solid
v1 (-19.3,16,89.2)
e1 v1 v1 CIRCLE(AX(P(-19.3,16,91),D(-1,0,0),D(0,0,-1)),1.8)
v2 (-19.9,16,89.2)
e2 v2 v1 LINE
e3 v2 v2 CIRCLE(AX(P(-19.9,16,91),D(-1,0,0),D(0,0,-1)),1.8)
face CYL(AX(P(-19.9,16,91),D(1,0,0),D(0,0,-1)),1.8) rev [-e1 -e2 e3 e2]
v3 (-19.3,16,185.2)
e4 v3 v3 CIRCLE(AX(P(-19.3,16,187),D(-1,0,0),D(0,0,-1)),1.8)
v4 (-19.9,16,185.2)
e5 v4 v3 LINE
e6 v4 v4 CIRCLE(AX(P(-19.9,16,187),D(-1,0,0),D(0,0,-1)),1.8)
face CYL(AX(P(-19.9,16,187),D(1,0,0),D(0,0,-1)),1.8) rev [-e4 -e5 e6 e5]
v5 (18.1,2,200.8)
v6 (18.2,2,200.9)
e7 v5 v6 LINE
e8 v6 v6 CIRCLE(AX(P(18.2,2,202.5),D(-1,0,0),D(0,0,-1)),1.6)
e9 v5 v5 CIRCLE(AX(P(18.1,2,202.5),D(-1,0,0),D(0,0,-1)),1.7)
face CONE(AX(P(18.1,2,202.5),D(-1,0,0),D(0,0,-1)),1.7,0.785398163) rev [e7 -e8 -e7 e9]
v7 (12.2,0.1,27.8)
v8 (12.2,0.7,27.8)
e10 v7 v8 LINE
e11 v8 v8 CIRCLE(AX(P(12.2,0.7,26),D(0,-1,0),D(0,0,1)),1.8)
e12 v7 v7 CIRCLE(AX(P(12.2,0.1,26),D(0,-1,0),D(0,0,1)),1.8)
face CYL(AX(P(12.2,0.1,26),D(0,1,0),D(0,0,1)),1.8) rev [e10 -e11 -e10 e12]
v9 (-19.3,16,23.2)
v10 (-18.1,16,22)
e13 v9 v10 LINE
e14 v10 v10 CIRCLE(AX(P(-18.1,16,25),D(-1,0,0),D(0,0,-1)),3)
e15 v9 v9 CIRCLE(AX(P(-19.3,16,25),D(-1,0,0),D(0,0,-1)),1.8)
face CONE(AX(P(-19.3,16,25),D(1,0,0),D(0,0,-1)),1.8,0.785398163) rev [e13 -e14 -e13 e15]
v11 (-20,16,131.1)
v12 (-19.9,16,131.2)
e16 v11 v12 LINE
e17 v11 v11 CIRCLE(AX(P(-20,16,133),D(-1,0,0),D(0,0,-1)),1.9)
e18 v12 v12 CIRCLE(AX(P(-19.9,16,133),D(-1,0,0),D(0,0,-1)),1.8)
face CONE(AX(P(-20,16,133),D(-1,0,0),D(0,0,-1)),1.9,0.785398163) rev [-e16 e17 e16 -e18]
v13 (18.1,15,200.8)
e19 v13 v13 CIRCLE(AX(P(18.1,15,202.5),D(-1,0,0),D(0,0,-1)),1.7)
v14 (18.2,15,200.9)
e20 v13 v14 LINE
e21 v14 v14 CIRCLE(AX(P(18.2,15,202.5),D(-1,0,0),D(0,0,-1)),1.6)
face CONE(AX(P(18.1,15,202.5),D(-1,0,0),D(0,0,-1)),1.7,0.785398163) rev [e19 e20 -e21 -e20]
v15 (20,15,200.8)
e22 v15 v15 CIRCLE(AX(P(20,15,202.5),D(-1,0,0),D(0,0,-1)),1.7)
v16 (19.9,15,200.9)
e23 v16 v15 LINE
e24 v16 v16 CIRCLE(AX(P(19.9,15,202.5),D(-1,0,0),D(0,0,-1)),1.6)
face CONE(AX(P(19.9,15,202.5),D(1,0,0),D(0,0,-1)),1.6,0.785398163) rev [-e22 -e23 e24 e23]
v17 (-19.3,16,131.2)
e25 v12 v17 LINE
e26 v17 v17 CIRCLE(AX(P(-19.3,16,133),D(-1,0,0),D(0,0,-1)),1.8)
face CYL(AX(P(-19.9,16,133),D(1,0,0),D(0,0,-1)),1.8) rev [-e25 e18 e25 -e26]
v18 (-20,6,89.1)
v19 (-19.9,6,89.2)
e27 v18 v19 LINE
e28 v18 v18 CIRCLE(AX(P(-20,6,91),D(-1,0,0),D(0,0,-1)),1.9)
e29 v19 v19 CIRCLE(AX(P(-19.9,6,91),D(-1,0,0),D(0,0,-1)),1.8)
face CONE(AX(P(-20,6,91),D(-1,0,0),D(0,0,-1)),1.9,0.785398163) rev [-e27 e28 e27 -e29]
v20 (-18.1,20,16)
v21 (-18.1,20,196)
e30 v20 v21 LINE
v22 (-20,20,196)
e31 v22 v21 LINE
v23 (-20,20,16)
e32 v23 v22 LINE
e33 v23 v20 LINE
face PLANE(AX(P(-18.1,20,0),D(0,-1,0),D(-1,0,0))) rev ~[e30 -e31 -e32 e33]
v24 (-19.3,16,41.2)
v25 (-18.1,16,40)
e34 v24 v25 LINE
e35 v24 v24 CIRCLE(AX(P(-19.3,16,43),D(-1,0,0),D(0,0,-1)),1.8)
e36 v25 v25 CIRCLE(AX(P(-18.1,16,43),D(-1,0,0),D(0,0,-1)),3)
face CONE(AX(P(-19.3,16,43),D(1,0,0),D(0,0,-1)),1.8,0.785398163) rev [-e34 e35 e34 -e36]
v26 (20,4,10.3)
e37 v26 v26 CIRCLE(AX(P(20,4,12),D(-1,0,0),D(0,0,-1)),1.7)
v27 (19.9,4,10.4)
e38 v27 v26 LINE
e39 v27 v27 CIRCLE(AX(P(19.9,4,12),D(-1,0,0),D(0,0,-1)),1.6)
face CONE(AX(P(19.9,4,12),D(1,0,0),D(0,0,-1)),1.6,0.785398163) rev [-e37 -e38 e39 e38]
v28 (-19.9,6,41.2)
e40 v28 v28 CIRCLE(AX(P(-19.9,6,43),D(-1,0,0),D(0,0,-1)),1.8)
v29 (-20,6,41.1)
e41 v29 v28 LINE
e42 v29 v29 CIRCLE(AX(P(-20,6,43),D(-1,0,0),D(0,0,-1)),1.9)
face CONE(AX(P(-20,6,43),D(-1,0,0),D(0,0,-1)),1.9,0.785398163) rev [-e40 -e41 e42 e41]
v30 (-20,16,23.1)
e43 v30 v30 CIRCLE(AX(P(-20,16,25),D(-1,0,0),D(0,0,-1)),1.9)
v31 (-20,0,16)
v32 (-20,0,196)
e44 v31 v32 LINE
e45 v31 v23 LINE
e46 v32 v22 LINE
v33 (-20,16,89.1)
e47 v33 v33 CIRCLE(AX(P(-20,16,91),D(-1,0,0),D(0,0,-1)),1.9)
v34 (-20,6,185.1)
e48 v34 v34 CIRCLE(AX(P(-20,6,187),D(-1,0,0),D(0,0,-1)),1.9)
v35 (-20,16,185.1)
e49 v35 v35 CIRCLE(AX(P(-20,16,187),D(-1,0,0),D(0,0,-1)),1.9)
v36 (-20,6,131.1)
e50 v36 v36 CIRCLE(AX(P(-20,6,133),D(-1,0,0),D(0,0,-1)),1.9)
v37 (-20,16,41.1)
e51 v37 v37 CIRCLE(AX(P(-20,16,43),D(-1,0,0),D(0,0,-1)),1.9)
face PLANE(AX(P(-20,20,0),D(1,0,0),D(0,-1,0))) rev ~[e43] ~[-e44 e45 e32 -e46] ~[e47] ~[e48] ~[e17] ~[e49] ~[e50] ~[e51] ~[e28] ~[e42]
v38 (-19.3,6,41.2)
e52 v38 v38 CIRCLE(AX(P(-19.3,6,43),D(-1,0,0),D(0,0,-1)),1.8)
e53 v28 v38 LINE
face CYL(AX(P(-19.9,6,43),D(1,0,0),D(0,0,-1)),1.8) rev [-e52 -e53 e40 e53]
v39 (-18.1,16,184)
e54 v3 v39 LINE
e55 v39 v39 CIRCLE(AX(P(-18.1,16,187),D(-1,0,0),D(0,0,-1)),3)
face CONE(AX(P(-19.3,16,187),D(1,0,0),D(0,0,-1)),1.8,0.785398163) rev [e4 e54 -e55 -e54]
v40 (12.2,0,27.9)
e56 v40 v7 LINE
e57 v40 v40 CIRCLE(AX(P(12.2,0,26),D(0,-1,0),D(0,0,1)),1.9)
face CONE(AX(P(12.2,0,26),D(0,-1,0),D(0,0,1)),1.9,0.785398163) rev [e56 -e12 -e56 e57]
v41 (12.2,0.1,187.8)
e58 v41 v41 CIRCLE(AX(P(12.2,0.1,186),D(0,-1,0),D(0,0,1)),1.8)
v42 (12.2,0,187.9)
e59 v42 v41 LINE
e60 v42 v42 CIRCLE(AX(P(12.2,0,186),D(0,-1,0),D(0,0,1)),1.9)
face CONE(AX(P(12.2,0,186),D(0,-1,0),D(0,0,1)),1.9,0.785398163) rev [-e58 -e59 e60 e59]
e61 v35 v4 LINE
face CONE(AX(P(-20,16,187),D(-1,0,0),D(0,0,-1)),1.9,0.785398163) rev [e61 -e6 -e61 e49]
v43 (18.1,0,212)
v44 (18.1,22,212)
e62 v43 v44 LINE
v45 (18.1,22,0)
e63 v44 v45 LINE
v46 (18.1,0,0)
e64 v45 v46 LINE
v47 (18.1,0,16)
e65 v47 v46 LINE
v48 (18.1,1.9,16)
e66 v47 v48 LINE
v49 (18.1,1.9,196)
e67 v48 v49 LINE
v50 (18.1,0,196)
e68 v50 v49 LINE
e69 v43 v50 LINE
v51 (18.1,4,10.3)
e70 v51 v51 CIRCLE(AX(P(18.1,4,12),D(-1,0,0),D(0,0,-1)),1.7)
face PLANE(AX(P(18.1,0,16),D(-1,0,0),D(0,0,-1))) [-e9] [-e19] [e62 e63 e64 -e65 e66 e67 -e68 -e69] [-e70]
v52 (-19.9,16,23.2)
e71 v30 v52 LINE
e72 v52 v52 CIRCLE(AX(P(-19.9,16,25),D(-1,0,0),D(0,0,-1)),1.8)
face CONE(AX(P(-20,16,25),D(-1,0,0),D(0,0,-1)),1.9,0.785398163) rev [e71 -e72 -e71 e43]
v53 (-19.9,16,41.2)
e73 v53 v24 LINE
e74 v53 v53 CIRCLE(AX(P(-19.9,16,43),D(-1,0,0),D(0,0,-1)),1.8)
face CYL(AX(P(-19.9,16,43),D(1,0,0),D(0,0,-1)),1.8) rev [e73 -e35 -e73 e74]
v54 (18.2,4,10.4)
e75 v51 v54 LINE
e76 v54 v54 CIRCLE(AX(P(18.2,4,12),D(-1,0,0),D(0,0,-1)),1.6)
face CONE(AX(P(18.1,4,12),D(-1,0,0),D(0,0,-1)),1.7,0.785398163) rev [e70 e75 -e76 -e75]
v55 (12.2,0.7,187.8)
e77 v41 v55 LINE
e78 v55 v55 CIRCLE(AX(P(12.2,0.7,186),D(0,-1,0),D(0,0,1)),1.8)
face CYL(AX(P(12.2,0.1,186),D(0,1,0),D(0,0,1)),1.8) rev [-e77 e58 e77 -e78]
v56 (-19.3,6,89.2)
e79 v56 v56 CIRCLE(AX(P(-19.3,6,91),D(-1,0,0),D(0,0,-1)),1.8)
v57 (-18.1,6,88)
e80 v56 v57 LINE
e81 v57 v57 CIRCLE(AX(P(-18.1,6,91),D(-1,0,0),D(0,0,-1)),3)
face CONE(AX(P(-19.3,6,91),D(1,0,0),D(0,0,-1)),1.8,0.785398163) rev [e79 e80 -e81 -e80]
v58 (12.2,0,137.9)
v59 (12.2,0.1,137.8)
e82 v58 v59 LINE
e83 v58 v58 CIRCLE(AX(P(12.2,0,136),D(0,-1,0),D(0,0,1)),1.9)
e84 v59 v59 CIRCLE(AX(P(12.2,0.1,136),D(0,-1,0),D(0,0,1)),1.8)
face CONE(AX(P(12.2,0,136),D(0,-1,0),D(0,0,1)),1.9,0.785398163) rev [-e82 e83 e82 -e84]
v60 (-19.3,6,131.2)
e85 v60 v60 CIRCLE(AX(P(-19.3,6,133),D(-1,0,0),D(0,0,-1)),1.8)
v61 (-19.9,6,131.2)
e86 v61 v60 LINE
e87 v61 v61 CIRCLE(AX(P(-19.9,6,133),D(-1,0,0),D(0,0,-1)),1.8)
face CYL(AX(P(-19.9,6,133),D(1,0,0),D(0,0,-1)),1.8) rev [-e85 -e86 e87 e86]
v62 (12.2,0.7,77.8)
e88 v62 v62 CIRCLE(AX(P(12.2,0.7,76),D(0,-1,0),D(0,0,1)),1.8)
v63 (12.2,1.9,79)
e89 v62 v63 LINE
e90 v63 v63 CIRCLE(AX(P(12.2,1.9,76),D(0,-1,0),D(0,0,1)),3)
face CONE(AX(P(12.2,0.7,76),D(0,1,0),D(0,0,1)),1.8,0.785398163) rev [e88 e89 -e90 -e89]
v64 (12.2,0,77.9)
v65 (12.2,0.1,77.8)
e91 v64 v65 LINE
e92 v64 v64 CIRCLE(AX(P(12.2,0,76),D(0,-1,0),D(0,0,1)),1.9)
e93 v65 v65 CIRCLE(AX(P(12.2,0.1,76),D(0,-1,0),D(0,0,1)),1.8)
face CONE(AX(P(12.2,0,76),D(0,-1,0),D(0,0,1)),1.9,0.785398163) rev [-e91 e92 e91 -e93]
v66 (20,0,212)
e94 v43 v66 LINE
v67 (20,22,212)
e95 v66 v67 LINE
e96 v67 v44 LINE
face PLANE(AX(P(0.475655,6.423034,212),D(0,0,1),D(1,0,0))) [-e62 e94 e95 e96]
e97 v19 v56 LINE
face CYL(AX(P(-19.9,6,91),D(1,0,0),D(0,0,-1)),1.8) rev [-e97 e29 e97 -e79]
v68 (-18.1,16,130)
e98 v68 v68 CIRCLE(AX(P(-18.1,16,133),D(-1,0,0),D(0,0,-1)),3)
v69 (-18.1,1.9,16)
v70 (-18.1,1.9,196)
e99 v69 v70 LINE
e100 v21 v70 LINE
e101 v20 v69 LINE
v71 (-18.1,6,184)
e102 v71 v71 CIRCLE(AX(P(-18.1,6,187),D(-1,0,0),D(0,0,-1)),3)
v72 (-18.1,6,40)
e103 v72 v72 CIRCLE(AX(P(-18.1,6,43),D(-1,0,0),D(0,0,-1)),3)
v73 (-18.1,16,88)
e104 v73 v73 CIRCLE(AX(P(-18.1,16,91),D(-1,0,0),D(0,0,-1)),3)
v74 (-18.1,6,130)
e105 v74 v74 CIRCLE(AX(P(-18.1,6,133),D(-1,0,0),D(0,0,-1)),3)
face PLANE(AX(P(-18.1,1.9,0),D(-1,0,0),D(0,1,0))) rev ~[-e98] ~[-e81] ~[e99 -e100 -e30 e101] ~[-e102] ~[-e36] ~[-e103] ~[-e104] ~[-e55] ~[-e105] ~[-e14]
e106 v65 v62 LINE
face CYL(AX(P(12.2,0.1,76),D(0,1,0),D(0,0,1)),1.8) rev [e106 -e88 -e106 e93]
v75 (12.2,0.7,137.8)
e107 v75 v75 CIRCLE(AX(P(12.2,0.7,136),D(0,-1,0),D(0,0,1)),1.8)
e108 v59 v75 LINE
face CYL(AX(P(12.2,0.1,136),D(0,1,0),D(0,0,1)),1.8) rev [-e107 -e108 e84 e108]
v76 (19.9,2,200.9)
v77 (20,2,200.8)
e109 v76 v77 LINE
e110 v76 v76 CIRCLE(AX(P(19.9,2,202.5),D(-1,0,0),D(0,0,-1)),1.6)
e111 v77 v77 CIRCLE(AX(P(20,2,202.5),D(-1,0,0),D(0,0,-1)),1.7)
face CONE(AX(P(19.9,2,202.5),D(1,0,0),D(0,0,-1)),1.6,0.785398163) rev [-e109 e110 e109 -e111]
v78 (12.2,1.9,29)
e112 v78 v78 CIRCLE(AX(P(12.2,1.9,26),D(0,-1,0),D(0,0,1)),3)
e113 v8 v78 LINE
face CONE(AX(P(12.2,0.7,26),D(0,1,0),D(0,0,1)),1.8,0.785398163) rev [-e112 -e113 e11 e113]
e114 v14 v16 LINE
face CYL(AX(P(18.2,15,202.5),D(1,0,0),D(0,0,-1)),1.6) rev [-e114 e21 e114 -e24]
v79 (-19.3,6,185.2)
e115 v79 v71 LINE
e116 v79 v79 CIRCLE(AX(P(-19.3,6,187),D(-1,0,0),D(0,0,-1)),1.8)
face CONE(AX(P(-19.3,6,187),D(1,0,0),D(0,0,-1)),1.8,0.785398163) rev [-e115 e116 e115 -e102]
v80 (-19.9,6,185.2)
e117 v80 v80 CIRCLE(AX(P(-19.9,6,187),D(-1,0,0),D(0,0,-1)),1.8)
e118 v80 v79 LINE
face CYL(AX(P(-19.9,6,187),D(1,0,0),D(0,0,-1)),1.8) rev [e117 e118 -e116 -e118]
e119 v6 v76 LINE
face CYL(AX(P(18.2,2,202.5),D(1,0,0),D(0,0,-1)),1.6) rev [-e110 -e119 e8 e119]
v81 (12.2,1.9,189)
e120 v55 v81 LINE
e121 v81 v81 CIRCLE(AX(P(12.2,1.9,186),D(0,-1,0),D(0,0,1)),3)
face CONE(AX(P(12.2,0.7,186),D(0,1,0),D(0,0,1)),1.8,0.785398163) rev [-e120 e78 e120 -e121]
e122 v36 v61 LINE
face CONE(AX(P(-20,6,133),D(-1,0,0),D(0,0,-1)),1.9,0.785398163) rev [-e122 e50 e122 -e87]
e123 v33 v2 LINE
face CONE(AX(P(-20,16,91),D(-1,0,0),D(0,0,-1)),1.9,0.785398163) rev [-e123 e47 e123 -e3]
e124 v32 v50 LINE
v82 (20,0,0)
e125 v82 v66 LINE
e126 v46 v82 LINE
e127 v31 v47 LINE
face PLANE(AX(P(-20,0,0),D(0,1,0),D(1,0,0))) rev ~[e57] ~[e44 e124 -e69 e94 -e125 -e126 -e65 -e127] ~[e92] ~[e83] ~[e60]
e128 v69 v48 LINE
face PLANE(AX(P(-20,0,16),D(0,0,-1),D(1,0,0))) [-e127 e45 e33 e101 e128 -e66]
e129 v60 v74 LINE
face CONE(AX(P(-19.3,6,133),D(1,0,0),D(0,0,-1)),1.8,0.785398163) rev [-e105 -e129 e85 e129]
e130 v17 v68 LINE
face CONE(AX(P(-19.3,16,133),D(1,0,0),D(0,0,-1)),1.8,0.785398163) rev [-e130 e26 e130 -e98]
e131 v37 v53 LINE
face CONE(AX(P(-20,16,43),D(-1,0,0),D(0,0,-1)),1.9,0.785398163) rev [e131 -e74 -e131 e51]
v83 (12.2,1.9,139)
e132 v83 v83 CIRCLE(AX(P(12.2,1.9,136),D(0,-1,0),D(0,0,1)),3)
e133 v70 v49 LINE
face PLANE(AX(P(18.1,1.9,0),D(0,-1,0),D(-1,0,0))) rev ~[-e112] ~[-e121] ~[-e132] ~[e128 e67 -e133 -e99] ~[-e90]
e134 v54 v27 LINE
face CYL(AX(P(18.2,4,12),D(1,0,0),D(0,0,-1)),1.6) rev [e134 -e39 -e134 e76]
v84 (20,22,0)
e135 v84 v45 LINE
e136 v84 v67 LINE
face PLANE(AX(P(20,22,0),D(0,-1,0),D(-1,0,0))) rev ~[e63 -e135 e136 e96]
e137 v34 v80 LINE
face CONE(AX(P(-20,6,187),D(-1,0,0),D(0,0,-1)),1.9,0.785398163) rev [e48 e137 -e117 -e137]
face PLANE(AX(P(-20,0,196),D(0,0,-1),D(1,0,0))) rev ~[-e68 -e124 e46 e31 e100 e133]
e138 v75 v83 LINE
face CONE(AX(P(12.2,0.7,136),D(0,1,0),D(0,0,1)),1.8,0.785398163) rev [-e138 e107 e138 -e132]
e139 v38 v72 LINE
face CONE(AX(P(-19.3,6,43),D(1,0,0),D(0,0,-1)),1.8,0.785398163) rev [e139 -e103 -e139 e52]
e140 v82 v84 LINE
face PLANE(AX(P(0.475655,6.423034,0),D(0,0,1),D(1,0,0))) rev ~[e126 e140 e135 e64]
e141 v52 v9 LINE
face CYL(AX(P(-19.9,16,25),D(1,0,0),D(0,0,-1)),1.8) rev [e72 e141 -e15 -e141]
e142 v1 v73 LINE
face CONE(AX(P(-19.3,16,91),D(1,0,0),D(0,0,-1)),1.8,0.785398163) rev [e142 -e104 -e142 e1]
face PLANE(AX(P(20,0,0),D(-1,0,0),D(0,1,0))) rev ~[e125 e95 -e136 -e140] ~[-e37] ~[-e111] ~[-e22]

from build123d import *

# Parameters (mm, degrees)
EXTRUDE_1_DEPTH              = 212
SKETCH_2_W                   = 38.1
SKETCH_2_H                   = 16
CUT_EXTRUDE_1_DEPTH          = 23
HOLE_WIZARD_M31_AT_2_COUNT   = 2
HOLE_WIZARD_M31_AT_2_PITCH   = 48
HOLE_WIZARD_M31_AT_3_COUNT   = 2
HOLE_WIZARD_M31_AT_3_PITCH   = 66.753277073
HOLE_WIZARD_M31_AT_4_COUNT   = 2
HOLE_WIZARD_M31_AT_4_PITCH   = 42
HOLE_WIZARD_M31_AT_5_COUNT   = 2
HOLE_WIZARD_M31_AT_5_PITCH   = 43.17406629
HOLE_WIZARD_M31_AT_6_COUNT   = 2
HOLE_WIZARD_M31_AT_6_PITCH   = 96.519428096
HOLE_WIZARD_M31_AT_7_COUNT   = 2
HOLE_WIZARD_M31_AT_7_PITCH   = 96
HOLE_WIZARD_M31_AT_8_COUNT   = 2
HOLE_WIZARD_M31_AT_8_PITCH   = 10
HOLE_WIZARD_M31_AT_9_COUNT   = 2
HOLE_WIZARD_M31_AT_9_PITCH   = 49.030602689
HOLE_WIZARD_M31_2_AT_2_COUNT = 2
HOLE_WIZARD_M31_2_AT_2_PITCH = 13
HOLE_WIZARD_M31_2_AT_3_COUNT = 2
HOLE_WIZARD_M31_2_AT_3_PITCH = 190.510498398
HOLE_WIZARD_M32_AT_2_COUNT   = 2
HOLE_WIZARD_M32_AT_2_PITCH   = 50
HOLE_WIZARD_M32_AT_3_COUNT   = 2
HOLE_WIZARD_M32_AT_3_PITCH   = 110
HOLE_WIZARD_M32_AT_4_COUNT   = 2
HOLE_WIZARD_M32_AT_4_PITCH   = 160


with BuildPart() as part:
    # Эскиз1 → Бобышка-Вытянуть1 (new body)
    with BuildSketch(Plane.XY):
        Polygon((-20, 20), (-20, 0), (20, 0), (20, 22), (18.1, 22), (18.1, 1.9), (-18.1, 1.9), (-18.1, 20), align=None)
    extrude(amount=EXTRUDE_1_DEPTH)

    # Эскиз2 → Вырез-Вытянуть1 (cut, through all)
    with BuildSketch(Plane(origin=(0, 0, 0), x_dir=(1, 0, 0), z_dir=(0, 1, 0))):
        with Locations((-0.95, -204)):
            Rectangle(SKETCH_2_W, SKETCH_2_H)
        with Locations((-0.95, -8)):
            Rectangle(SKETCH_2_W, SKETCH_2_H)
    extrude(amount=CUT_EXTRUDE_1_DEPTH, mode=Mode.SUBTRACT)

    # Эскиз4 → Hole Wizard M31 (revolve, cut)
    with BuildSketch(Plane(origin=(-18.1, 6, 91), x_dir=(0, 0, -1), z_dir=(0, 1, 0))):
        Polygon((0, 0), (0, 1.9), (1.9, 1.9), (1.8, 1.8), (1.8, 1.2), (3, 0), align=None)
    hole_wizard_m31 = revolve(axis=Axis((-11.75, 6, 91), (-1, 0, 0)), mode=Mode.SUBTRACT)

    # Hole Wizard M31 at 2: Hole Wizard M31 ×2
    with Locations(*[(0, 0, -i * HOLE_WIZARD_M31_AT_2_PITCH) for i in range(1, HOLE_WIZARD_M31_AT_2_COUNT)]):
        add(hole_wizard_m31, mode=Mode.SUBTRACT)

    # Hole Wizard M31 at 3: Hole Wizard M31 ×2
    with Locations(*[Vector(0, 0.149805379, -0.988715504) * (i * HOLE_WIZARD_M31_AT_3_PITCH) for i in range(1, HOLE_WIZARD_M31_AT_3_COUNT)]):
        add(hole_wizard_m31, mode=Mode.SUBTRACT)

    # Hole Wizard M31 at 4: Hole Wizard M31 ×2
    with Locations(*[(0, 0, i * HOLE_WIZARD_M31_AT_4_PITCH) for i in range(1, HOLE_WIZARD_M31_AT_4_COUNT)]):
        add(hole_wizard_m31, mode=Mode.SUBTRACT)

    # Hole Wizard M31 at 5: Hole Wizard M31 ×2
    with Locations(*[Vector(0, 0.231620527, 0.972806215) * (i * HOLE_WIZARD_M31_AT_5_PITCH) for i in range(1, HOLE_WIZARD_M31_AT_5_COUNT)]):
        add(hole_wizard_m31, mode=Mode.SUBTRACT)

    # Hole Wizard M31 at 6: Hole Wizard M31 ×2
    with Locations(*[Vector(0, 0.103606084, 0.994618409) * (i * HOLE_WIZARD_M31_AT_6_PITCH) for i in range(1, HOLE_WIZARD_M31_AT_6_COUNT)]):
        add(hole_wizard_m31, mode=Mode.SUBTRACT)

    # Hole Wizard M31 at 7: Hole Wizard M31 ×2
    with Locations(*[(0, 0, i * HOLE_WIZARD_M31_AT_7_PITCH) for i in range(1, HOLE_WIZARD_M31_AT_7_COUNT)]):
        add(hole_wizard_m31, mode=Mode.SUBTRACT)

    # Hole Wizard M31 at 8: Hole Wizard M31 ×2
    with Locations(*[(0, i * HOLE_WIZARD_M31_AT_8_PITCH, 0) for i in range(1, HOLE_WIZARD_M31_AT_8_COUNT)]):
        add(hole_wizard_m31, mode=Mode.SUBTRACT)

    # Hole Wizard M31 at 9: Hole Wizard M31 ×2
    with Locations(*[Vector(0, 0.203954254, -0.97898042) * (i * HOLE_WIZARD_M31_AT_9_PITCH) for i in range(1, HOLE_WIZARD_M31_AT_9_COUNT)]):
        add(hole_wizard_m31, mode=Mode.SUBTRACT)

    # Эскиз7 → Hole Wizard M31 2 (revolve, cut)
    with BuildSketch(Plane(origin=(20, 2, 202.5), x_dir=(0, 0, -1), z_dir=(0, 1, 0))):
        Polygon((0, 0), (0, 1.9), (1.7, 1.9), (1.6, 1.8), (1.6, 0.1), (1.7, 0), align=None)
    hole_wizard_m31_2 = revolve(axis=Axis((26.35, 2, 202.5), (-1, 0, 0)), mode=Mode.SUBTRACT)

    # Hole Wizard M31 2 at 2: Hole Wizard M31 2 ×2
    with Locations(*[(0, i * HOLE_WIZARD_M31_2_AT_2_PITCH, 0) for i in range(1, HOLE_WIZARD_M31_2_AT_2_COUNT)]):
        add(hole_wizard_m31_2, mode=Mode.SUBTRACT)

    # Hole Wizard M31 2 at 3: Hole Wizard M31 2 ×2
    with Locations(*[Vector(0, 0.010498109, -0.999944893) * (i * HOLE_WIZARD_M31_2_AT_3_PITCH) for i in range(1, HOLE_WIZARD_M31_2_AT_3_COUNT)]):
        add(hole_wizard_m31_2, mode=Mode.SUBTRACT)

    # Эскиз9 → Зенковка для винта с потайной головкой M32 (revolve, cut)
    with BuildSketch(Plane(origin=(12.2, 1.9, 186), x_dir=(0, 0, 1), z_dir=(1, 0, 0))):
        Polygon((0, 0), (0, 1.9), (1.9, 1.9), (1.8, 1.8), (1.8, 1.2), (3, 0), align=None)
    hole_wizard_m32 = revolve(axis=Axis((12.2, 8.25, 186), (0, -1, 0)), mode=Mode.SUBTRACT)

    # Зенковка для винта с потайной головкой M32 at 2: Зенковка для винта с потайной головкой M32 ×2
    with Locations(*[(0, 0, -i * HOLE_WIZARD_M32_AT_2_PITCH) for i in range(1, HOLE_WIZARD_M32_AT_2_COUNT)]):
        add(hole_wizard_m32, mode=Mode.SUBTRACT)

    # Зенковка для винта с потайной головкой M32 at 3: Зенковка для винта с потайной головкой M32 ×2
    with Locations(*[(0, 0, -i * HOLE_WIZARD_M32_AT_3_PITCH) for i in range(1, HOLE_WIZARD_M32_AT_3_COUNT)]):
        add(hole_wizard_m32, mode=Mode.SUBTRACT)

    # Зенковка для винта с потайной головкой M32 at 4: Зенковка для винта с потайной головкой M32 ×2
    with Locations(*[(0, 0, -i * HOLE_WIZARD_M32_AT_4_PITCH) for i in range(1, HOLE_WIZARD_M32_AT_4_COUNT)]):
        add(hole_wizard_m32, mode=Mode.SUBTRACT)


solid = part.part
